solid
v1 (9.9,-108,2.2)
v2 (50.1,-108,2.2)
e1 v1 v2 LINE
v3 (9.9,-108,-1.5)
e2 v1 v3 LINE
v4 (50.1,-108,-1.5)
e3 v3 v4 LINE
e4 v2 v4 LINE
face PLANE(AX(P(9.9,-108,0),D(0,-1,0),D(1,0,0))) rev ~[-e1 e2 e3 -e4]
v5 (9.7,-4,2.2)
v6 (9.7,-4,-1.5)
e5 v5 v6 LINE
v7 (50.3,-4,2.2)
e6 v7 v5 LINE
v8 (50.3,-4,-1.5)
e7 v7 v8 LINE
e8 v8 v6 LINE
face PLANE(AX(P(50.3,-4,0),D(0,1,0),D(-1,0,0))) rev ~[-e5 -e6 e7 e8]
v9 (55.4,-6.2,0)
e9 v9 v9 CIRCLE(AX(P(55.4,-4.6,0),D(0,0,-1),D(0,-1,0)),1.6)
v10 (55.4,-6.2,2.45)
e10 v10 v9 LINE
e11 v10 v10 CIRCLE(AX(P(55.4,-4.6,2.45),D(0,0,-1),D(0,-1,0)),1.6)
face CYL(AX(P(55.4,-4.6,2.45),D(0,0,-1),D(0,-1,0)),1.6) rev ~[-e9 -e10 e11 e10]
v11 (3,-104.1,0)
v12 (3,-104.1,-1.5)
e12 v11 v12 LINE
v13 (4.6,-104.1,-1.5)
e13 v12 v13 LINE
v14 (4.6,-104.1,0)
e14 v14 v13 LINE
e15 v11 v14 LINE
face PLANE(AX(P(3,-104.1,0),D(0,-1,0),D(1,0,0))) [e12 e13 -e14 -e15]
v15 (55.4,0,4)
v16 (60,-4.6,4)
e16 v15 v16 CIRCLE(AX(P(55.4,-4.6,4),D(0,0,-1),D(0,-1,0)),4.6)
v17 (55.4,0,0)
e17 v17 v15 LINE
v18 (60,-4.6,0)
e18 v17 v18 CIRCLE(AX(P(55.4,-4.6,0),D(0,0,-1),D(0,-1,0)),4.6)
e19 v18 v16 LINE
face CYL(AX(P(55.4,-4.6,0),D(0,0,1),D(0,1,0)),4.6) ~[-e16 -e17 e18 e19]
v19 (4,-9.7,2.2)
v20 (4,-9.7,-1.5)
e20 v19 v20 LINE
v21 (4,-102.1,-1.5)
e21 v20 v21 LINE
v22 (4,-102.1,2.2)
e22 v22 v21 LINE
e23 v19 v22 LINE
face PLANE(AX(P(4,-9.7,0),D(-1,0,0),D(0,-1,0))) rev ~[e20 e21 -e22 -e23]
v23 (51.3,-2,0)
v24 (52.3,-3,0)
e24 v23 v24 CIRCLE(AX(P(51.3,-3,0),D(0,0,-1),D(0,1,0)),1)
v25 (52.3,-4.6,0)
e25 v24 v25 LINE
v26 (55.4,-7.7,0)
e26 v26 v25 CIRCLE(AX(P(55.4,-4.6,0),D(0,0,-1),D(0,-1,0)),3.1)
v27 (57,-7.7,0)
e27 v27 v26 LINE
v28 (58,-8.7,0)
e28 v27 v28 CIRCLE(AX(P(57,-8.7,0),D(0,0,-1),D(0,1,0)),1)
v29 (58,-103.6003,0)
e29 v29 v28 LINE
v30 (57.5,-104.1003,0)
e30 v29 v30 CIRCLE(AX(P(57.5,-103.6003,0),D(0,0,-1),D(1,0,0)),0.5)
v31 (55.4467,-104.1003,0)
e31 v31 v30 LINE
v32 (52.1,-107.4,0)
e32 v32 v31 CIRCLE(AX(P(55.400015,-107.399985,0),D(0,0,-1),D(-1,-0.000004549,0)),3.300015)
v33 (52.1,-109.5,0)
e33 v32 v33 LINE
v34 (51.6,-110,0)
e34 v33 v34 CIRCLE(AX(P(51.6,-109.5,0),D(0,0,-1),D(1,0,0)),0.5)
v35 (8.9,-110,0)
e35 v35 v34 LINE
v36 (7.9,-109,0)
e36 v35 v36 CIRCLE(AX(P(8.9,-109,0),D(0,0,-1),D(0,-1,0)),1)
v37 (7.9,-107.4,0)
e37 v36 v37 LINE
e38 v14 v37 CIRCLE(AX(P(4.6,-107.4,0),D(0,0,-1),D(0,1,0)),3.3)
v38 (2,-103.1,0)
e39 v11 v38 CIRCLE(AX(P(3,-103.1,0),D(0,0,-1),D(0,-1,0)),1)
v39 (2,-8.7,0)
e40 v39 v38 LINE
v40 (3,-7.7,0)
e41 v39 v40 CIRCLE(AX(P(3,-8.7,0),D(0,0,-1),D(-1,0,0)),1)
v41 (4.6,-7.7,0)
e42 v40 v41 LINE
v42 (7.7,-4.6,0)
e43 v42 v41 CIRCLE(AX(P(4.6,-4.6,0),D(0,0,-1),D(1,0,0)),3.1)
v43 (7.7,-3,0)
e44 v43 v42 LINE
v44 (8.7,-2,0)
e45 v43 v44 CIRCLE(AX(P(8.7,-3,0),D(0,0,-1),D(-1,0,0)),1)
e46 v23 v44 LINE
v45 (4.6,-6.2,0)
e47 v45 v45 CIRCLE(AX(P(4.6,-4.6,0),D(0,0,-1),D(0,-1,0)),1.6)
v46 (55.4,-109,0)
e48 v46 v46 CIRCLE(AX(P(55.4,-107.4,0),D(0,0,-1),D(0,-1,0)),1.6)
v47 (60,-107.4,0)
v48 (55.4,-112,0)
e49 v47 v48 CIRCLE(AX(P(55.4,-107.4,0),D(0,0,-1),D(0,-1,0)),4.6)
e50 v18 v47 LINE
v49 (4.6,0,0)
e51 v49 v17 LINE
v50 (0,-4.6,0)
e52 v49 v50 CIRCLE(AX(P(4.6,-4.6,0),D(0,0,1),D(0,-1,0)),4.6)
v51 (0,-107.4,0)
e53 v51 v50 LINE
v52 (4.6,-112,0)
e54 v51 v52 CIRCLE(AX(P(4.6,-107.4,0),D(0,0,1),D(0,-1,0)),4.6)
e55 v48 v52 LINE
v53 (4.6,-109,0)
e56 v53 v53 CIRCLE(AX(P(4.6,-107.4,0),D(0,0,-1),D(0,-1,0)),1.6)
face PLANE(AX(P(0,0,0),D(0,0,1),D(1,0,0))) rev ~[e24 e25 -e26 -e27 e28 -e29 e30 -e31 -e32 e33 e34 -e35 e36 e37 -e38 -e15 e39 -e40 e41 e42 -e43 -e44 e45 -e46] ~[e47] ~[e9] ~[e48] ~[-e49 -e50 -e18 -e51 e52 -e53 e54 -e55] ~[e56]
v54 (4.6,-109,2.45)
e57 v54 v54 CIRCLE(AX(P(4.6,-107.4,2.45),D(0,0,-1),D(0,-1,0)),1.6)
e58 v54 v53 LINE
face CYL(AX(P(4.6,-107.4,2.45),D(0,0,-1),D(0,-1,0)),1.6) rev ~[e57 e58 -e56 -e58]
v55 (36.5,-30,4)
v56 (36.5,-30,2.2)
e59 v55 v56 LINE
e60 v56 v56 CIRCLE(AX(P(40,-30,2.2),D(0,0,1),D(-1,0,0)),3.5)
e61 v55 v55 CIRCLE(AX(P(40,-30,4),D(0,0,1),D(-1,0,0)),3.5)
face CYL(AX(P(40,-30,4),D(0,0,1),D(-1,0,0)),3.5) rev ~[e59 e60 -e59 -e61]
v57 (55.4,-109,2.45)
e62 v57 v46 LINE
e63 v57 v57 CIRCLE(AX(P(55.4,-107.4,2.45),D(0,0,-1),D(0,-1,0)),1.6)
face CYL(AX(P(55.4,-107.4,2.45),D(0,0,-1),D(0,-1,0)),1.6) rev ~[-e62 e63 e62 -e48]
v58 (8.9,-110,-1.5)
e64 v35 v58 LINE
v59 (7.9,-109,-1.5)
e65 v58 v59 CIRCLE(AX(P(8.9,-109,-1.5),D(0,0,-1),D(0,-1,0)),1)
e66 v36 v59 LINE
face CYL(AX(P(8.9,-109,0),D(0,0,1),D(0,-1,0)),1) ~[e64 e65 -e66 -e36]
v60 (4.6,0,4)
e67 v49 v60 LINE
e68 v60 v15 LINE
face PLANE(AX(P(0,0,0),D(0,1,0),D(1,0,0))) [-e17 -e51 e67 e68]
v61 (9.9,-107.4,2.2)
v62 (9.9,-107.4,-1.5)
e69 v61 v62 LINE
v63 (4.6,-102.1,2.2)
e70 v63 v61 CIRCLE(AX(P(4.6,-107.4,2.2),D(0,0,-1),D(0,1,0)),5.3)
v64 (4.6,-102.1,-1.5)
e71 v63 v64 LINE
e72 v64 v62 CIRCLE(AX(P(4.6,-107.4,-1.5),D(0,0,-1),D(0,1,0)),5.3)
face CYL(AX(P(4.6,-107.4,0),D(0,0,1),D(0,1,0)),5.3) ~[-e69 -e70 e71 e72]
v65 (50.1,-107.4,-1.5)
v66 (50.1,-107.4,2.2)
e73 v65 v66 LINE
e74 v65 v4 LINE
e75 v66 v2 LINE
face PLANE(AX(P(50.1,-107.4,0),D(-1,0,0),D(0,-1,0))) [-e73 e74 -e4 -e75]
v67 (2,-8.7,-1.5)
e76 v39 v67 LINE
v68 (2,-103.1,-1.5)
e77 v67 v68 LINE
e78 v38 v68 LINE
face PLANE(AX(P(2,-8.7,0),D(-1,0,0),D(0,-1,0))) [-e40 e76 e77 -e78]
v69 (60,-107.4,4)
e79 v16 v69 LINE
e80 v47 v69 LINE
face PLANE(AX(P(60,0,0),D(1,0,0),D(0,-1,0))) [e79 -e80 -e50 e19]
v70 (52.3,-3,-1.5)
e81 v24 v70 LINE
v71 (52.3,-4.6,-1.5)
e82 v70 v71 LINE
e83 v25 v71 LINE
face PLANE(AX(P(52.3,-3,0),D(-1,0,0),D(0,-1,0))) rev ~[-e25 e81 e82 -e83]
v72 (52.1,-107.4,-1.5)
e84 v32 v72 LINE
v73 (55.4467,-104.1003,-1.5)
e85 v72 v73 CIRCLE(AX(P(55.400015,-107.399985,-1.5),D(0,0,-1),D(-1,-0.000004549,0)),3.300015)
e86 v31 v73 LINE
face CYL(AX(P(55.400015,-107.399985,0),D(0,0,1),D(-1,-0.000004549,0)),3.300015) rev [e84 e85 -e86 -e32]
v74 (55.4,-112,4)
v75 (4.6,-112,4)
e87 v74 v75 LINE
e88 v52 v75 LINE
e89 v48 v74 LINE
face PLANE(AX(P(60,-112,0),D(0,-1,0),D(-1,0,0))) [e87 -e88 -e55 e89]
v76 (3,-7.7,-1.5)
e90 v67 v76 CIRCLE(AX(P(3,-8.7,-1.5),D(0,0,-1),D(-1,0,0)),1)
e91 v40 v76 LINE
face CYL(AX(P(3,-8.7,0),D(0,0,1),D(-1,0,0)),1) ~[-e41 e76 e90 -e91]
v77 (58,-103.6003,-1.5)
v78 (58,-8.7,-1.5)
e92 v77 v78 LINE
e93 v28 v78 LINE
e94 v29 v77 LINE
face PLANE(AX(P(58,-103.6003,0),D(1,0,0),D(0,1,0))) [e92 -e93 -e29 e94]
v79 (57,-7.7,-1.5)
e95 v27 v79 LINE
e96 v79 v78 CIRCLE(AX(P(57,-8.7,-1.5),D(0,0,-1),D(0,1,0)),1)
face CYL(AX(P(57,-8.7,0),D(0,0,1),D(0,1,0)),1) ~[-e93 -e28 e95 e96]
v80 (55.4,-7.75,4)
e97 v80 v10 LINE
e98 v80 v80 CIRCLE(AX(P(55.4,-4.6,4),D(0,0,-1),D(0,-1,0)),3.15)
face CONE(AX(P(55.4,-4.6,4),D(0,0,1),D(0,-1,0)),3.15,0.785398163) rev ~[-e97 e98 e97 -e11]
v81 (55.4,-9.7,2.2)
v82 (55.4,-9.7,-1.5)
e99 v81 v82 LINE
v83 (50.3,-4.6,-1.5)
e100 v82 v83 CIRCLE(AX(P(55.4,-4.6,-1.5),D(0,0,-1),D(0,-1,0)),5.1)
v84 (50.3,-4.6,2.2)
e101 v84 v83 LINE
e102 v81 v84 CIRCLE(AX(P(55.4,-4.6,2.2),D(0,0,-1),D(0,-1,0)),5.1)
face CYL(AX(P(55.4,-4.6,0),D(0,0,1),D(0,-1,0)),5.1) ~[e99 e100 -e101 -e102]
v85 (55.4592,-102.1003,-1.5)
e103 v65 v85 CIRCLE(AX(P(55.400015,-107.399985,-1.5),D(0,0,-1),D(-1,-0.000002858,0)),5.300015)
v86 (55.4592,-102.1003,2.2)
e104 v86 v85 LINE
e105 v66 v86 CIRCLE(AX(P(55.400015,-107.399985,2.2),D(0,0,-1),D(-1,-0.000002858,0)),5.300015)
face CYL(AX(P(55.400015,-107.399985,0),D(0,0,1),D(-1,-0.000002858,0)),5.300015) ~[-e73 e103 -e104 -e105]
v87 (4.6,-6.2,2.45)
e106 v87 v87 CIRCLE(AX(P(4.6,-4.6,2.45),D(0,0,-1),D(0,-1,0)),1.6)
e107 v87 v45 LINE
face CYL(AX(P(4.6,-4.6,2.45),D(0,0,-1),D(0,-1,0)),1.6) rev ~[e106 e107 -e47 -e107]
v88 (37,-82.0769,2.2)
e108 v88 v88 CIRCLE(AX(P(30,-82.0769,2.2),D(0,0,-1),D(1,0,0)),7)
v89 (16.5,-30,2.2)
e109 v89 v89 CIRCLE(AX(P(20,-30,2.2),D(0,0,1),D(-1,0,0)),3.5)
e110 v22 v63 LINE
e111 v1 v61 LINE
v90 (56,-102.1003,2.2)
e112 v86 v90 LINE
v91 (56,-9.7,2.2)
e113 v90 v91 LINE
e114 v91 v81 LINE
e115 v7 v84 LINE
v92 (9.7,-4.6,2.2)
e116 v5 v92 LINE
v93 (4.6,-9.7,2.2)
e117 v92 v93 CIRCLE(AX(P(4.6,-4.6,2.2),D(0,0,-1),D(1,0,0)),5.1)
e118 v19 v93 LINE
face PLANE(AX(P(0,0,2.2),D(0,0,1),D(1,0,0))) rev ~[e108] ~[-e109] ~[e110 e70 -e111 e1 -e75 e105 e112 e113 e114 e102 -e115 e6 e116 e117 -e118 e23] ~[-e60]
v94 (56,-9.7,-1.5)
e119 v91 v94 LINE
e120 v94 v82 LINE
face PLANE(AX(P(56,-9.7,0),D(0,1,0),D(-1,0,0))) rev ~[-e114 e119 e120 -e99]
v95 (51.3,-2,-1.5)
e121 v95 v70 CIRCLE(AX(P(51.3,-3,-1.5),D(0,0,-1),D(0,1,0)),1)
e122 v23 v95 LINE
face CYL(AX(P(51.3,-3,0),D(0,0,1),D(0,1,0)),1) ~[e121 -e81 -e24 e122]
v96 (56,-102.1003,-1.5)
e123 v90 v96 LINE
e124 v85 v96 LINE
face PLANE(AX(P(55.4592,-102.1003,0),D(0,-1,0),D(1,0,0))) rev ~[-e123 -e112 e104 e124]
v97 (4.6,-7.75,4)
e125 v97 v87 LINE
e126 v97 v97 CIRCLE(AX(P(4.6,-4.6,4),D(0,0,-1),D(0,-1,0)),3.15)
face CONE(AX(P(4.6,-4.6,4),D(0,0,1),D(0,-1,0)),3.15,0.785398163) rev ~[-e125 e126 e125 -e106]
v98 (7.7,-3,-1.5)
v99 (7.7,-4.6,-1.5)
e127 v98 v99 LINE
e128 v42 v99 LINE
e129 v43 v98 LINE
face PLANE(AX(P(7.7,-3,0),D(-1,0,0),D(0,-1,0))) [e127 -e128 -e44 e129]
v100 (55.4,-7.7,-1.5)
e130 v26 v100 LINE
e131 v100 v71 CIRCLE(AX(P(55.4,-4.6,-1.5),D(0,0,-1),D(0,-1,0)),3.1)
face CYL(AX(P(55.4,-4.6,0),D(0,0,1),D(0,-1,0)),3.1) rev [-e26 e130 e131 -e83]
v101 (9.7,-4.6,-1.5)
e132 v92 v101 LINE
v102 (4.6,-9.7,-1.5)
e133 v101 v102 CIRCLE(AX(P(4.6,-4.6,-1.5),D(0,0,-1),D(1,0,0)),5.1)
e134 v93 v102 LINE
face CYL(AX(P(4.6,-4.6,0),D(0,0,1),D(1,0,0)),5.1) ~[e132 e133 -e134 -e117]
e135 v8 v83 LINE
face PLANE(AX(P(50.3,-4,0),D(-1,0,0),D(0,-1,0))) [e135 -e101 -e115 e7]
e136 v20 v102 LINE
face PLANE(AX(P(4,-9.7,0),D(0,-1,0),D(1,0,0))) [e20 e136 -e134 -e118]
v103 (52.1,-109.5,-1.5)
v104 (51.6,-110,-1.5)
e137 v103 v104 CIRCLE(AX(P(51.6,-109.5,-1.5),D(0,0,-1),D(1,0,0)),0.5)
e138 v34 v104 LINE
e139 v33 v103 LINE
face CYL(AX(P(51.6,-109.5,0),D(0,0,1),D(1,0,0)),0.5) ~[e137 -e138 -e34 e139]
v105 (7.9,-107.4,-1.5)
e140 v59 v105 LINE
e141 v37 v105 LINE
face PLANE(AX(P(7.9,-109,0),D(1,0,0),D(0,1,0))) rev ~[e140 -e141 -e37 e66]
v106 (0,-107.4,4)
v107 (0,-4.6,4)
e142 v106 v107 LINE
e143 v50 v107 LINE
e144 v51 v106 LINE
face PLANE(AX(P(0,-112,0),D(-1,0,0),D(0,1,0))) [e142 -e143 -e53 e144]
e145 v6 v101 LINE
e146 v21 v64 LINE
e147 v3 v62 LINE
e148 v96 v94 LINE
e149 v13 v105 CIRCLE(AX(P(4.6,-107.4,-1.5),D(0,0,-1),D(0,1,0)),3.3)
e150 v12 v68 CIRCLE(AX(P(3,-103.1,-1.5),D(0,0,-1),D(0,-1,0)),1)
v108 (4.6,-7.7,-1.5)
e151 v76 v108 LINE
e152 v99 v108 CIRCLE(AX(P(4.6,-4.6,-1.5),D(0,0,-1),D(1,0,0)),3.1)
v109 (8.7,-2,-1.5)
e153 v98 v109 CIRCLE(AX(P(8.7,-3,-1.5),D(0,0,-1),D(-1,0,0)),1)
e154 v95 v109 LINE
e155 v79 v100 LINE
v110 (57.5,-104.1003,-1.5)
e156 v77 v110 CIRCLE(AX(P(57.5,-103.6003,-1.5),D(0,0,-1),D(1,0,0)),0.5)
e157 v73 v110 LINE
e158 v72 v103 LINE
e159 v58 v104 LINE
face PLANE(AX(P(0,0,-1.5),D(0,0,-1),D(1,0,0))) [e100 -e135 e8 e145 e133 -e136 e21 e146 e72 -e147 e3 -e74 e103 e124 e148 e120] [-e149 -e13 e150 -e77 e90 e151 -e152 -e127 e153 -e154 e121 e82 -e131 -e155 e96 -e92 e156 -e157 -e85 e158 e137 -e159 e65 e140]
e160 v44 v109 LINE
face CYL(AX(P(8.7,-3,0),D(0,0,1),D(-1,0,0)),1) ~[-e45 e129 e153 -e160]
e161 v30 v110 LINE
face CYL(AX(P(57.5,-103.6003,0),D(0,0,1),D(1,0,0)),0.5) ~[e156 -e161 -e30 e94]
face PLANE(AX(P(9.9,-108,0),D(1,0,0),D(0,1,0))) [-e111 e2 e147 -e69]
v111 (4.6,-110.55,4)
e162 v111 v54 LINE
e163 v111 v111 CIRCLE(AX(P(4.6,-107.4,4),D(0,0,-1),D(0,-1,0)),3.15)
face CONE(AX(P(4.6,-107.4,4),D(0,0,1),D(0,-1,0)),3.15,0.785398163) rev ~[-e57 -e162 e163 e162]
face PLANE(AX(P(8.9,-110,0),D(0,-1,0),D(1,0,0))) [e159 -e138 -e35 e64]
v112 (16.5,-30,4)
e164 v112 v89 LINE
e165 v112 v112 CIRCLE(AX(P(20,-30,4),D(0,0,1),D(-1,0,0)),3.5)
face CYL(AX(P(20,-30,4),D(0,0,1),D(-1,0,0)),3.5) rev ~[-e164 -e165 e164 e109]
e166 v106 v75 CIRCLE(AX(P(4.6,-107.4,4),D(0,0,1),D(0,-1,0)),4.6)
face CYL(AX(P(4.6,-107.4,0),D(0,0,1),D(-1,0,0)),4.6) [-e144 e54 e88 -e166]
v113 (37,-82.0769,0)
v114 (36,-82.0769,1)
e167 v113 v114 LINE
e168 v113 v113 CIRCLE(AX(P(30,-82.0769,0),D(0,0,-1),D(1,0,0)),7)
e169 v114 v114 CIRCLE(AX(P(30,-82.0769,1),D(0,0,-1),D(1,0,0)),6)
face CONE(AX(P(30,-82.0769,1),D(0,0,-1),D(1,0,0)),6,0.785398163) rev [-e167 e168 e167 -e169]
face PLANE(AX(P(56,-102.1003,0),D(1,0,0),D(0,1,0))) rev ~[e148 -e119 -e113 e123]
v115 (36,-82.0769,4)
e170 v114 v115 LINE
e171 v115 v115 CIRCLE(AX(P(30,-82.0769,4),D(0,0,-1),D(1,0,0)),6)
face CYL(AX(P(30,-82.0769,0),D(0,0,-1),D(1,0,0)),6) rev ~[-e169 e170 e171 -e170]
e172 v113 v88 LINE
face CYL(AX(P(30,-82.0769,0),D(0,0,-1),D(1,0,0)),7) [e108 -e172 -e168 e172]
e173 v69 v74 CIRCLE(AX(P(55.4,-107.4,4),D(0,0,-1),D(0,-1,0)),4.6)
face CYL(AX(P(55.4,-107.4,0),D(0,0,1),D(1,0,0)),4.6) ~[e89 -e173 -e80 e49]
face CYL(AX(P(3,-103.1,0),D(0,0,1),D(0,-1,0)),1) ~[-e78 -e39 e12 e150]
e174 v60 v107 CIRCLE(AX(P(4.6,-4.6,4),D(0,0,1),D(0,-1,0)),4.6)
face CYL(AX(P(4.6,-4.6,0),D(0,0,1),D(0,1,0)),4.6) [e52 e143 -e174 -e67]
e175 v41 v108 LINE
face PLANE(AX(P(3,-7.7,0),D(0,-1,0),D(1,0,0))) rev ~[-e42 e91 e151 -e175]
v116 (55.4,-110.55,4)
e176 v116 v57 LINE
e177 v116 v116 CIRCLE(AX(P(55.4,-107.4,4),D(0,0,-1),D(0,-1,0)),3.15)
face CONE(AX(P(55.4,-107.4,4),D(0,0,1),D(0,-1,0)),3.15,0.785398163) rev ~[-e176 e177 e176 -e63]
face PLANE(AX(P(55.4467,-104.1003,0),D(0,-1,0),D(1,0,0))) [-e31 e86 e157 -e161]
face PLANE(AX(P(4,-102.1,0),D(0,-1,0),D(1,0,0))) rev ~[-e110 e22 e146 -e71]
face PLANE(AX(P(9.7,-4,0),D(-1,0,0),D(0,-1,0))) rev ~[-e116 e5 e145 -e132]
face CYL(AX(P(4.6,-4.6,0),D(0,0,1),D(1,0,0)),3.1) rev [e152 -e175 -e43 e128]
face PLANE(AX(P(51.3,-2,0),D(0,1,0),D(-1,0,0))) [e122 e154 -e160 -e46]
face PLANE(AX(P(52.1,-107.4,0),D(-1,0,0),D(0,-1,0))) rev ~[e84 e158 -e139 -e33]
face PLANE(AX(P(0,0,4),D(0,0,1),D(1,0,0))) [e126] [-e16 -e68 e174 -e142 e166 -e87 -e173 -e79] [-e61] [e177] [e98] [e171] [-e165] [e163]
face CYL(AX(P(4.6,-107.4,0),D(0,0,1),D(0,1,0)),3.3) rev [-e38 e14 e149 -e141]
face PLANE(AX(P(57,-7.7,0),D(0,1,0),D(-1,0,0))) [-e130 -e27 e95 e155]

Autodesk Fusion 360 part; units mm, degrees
sketch "Esquisse1" plane through (0, 0, 0) normal (0, 0, 1) x (1, 0, 0)
  line L0 (0, 0) -> (60, 0)
  line L1 (60, 0) -> (60, -112)
  line L2 (60, -112) -> (0, -112)
  line L3 (0, -112) -> (0, 0)
  dimension "d1" = 60
  dimension "d2" = 112
extrude "Extrusion1" add sketch "Esquisse1" along normal blind 4
sketch "Esquisse2" plane through (0, 0, 4) normal (0, 0, 1) x (-1, 0, 0)
  line L0 (0, 112) -> (-60, 112)
  line L1 (-60, 112) -> (-60, 0)
  line L2 (-60, 0) -> (0, 0)
  line L3 (0, 0) -> (0, 112)
  circle A0 centre (-4.6, 4.6) radius 1.6
  circle A1 centre (-4.6, 4.6) radius 1.6
  circle A2 centre (-55.4, 4.6) radius 1.6
  circle A3 centre (-4.6, 107.4) radius 1.6
  circle A4 centre (-55.4, 107.4) radius 1.6
  dimension "d5" = 3.2
  dimension "d6" = 4.6
  dimension "d7" = 4.6
  dimension "d8" = 3.2
  dimension "d9" = 3.2
  dimension "d10" = 4.6
  dimension "d11" = 4.6
  dimension "d12" = 3.2
  dimension "d13" = 4.6
  dimension "d14" = 4.6
  dimension "d15" = 3.2
  dimension "d16" = 4.6
  dimension "d17" = 4.6
hole "Perçage1" at (4.6, -4.6, 4) at (55.4, -4.6, 4) at (55.4, -107.4, 4) at (4.6, -107.4, 4) direction (0, 0, -1) diameter 3.2 depth 25 tip angle 118 countersink diameter 6.3 countersink angle 90
fillet "Congé1" radius 4.6 4 edges at (0, 0, 2) (60, 0, 2) (60, -112, 2) (0, -112, 2)
sketch "Esquisse3" plane through (0, 0, 0) normal (0, 0, -1) x (1, 0, 0)
  circle A0 centre (55.4, 107.4) radius 1.6
  circle A1 centre (4.6, 4.6) radius 1.6
  circle A2 centre (55.4, 4.6) radius 1.6
  circle A3 centre (4.6, 107.4) radius 1.6
  arc A4 (4.6, 112) -> (0, 107.4) centre (4.6, 107.4) ccw
  line L0 (0, 107.4) -> (0, 4.6)
  arc A5 (0, 4.6) -> (4.6, 0) centre (4.6, 4.6) ccw
  line L1 (4.6, 0) -> (55.4, 0)
  arc A6 (55.4, 0) -> (60, 4.6) centre (55.4, 4.6) ccw
  line L2 (60, 4.6) -> (60, 107.4)
  arc A7 (60, 107.4) -> (55.4, 112) centre (55.4, 107.4) ccw
  line L3 (55.4, 112) -> (4.6, 112)
  line L4 (8.9, 110) -> (51.6, 110)
  line L5 (2, 8.7) -> (2, 103.1)
  line L6 (52.1, 107.4) -> (52.1, 109.5)
  arc A8 (52.1, 107.4) -> (55.4467, 104.1003) centre (55.4, 107.4) ccw
  line L7 (55.3533, 104.1003) -> (57.5, 104.1003)
  arc A9 (52.1, 109.5) -> (51.6, 110) centre (51.6, 109.5) ccw
  arc A10 (58, 103.6003) -> (57.5, 104.1003) centre (57.5, 103.6003) ccw
  line L8 (7.9, 109) -> (7.9, 107.4)
  line L9 (3, 104.1) -> (4.6, 104.1)
  arc A11 (4.6, 104.1) -> (7.9, 107.4) centre (4.6, 107.4) ccw
  line L10 (3, 7.7) -> (4.6, 7.7)
  line L11 (7.7, 3) -> (7.7, 4.6)
  arc A12 (7.7, 4.6) -> (4.6, 7.7) centre (4.6, 4.6) ccw
  line L12 (57, 7.7) -> (55.4, 7.7)
  line L13 (52.3, 3) -> (52.3, 4.6)
  arc A13 (55.4, 7.7) -> (52.3, 4.6) centre (55.4, 4.6) ccw
  line L14 (58, 103.6003) -> (58, 8.7)
  line L15 (51.3, 2) -> (8.7, 2)
  arc A14 (8.9, 110) -> (7.9, 109) centre (8.9, 109) ccw
  arc A15 (3, 104.1) -> (2, 103.1) centre (3, 103.1) ccw
  arc A16 (2, 8.7) -> (3, 7.7) centre (3, 8.7) ccw
  arc A17 (7.7, 3) -> (8.7, 2) centre (8.7, 3) ccw
  arc A18 (51.3, 2) -> (52.3, 3) centre (51.3, 3) ccw
  arc A19 (57, 7.7) -> (58, 8.7) centre (57, 8.7) ccw
  line L16 (55.4592, 102.1003) -> (56, 102.1003)
  line L17 (56, 102.1003) -> (56, 9.7)
  line L18 (56, 9.7) -> (55.4, 9.7)
  arc A20 (55.4, 9.7) -> (50.3, 4.6) centre (55.4, 4.6) ccw
  line L19 (50.3, 4) -> (50.3, 4.6)
  line L20 (50.3, 4) -> (9.7, 4)
  line L21 (9.7, 4) -> (9.7, 4.6)
  arc A21 (9.7, 4.6) -> (4.6, 9.7) centre (4.6, 4.6) ccw
  line L22 (4, 9.7) -> (4.6, 9.7)
  line L23 (4, 9.7) -> (4, 102.1)
  line L24 (4, 102.1) -> (4.6, 102.1)
  arc A22 (4.6, 102.1) -> (9.9, 107.4) centre (4.6, 107.4) ccw
  line L25 (9.9, 108) -> (9.9, 107.4)
  line L26 (9.9, 108) -> (50.1, 108)
  line L27 (50.1, 107.4) -> (50.1, 108)
  arc A23 (50.1, 107.4) -> (55.4592, 102.1003) centre (55.4, 107.4) ccw
  dimension "d25" = 2
  dimension "d27" = 2
  dimension "d28" = 2
  dimension "d30" = 0.5
  dimension "d31" = 0.5
  dimension "d36" = 1
  dimension "d37" = 2
sketch "Esquisse5" plane through (0, 0, 0) normal (0, 0, -1) x (1, 0, 0)
  circle A0 centre (30, 82.0769) radius 6
  dimension "d42" = 12
extrude "Extrusion4" cut sketch "Esquisse5" against normal blind 9
chamfer "Chanfrein1" distance 1 angle 45 1 edges at (24.406, -84.2466, 0)
extrude "Extrusion2" add sketch "Esquisse3" along normal blind 1.5 contours L4 L5 L6 A8 L7 A9 A10 L8 L9 A11 L10 L11 A12 L12 L13 A13 L14 L15 A14 A15 A16 A17 A18 A19
extrude "Extrusion3" cut 1 faces at (29.8256, -30.6684, 0) along direction (0, 0, 1) blind 2.2
sketch "Esquisse6" plane through (0, 0, 4) normal (0, 0, 1) x (-1, 0, 0)
  circle A0 centre (-30, 82.0769) radius 6
  arc A1 (0, 107.4) -> (-4.6, 112) centre (-4.6, 107.4) ccw
  line L0 (-4.6, 112) -> (-55.4, 112)
  arc A2 (-55.4, 112) -> (-60, 107.4) centre (-55.4, 107.4) ccw
  line L1 (-60, 107.4) -> (-60, 4.6)
  arc A3 (-60, 4.6) -> (-55.4, 0) centre (-55.4, 4.6) ccw
  line L2 (-55.4, 0) -> (-4.6, 0)
  arc A4 (-4.6, 0) -> (0, 4.6) centre (-4.6, 4.6) ccw
  line L3 (0, 4.6) -> (0, 107.4)
  circle A5 centre (-55.4, 107.4) radius 3.15
  circle A6 centre (-4.6, 4.6) radius 3.15
  circle A7 centre (-55.4, 4.6) radius 3.15
  circle A8 centre (-4.6, 107.4) radius 3.15
  circle A9 centre (-20, 30) radius 3.5
  circle A10 centre (-40, 30) radius 3.5
  dimension "d52" = 7
  dimension "d53" = 30
  dimension "d54" = 7
  dimension "d55" = 30
  dimension "d56" = 20
  dimension "d57" = 20
extrude "Extrusion5" cut sketch "Esquisse6" against normal blind 20 contours A9 | A10
equation "d6 = 3 mm + ( 3.2 / 2 ) * 1 mm"
